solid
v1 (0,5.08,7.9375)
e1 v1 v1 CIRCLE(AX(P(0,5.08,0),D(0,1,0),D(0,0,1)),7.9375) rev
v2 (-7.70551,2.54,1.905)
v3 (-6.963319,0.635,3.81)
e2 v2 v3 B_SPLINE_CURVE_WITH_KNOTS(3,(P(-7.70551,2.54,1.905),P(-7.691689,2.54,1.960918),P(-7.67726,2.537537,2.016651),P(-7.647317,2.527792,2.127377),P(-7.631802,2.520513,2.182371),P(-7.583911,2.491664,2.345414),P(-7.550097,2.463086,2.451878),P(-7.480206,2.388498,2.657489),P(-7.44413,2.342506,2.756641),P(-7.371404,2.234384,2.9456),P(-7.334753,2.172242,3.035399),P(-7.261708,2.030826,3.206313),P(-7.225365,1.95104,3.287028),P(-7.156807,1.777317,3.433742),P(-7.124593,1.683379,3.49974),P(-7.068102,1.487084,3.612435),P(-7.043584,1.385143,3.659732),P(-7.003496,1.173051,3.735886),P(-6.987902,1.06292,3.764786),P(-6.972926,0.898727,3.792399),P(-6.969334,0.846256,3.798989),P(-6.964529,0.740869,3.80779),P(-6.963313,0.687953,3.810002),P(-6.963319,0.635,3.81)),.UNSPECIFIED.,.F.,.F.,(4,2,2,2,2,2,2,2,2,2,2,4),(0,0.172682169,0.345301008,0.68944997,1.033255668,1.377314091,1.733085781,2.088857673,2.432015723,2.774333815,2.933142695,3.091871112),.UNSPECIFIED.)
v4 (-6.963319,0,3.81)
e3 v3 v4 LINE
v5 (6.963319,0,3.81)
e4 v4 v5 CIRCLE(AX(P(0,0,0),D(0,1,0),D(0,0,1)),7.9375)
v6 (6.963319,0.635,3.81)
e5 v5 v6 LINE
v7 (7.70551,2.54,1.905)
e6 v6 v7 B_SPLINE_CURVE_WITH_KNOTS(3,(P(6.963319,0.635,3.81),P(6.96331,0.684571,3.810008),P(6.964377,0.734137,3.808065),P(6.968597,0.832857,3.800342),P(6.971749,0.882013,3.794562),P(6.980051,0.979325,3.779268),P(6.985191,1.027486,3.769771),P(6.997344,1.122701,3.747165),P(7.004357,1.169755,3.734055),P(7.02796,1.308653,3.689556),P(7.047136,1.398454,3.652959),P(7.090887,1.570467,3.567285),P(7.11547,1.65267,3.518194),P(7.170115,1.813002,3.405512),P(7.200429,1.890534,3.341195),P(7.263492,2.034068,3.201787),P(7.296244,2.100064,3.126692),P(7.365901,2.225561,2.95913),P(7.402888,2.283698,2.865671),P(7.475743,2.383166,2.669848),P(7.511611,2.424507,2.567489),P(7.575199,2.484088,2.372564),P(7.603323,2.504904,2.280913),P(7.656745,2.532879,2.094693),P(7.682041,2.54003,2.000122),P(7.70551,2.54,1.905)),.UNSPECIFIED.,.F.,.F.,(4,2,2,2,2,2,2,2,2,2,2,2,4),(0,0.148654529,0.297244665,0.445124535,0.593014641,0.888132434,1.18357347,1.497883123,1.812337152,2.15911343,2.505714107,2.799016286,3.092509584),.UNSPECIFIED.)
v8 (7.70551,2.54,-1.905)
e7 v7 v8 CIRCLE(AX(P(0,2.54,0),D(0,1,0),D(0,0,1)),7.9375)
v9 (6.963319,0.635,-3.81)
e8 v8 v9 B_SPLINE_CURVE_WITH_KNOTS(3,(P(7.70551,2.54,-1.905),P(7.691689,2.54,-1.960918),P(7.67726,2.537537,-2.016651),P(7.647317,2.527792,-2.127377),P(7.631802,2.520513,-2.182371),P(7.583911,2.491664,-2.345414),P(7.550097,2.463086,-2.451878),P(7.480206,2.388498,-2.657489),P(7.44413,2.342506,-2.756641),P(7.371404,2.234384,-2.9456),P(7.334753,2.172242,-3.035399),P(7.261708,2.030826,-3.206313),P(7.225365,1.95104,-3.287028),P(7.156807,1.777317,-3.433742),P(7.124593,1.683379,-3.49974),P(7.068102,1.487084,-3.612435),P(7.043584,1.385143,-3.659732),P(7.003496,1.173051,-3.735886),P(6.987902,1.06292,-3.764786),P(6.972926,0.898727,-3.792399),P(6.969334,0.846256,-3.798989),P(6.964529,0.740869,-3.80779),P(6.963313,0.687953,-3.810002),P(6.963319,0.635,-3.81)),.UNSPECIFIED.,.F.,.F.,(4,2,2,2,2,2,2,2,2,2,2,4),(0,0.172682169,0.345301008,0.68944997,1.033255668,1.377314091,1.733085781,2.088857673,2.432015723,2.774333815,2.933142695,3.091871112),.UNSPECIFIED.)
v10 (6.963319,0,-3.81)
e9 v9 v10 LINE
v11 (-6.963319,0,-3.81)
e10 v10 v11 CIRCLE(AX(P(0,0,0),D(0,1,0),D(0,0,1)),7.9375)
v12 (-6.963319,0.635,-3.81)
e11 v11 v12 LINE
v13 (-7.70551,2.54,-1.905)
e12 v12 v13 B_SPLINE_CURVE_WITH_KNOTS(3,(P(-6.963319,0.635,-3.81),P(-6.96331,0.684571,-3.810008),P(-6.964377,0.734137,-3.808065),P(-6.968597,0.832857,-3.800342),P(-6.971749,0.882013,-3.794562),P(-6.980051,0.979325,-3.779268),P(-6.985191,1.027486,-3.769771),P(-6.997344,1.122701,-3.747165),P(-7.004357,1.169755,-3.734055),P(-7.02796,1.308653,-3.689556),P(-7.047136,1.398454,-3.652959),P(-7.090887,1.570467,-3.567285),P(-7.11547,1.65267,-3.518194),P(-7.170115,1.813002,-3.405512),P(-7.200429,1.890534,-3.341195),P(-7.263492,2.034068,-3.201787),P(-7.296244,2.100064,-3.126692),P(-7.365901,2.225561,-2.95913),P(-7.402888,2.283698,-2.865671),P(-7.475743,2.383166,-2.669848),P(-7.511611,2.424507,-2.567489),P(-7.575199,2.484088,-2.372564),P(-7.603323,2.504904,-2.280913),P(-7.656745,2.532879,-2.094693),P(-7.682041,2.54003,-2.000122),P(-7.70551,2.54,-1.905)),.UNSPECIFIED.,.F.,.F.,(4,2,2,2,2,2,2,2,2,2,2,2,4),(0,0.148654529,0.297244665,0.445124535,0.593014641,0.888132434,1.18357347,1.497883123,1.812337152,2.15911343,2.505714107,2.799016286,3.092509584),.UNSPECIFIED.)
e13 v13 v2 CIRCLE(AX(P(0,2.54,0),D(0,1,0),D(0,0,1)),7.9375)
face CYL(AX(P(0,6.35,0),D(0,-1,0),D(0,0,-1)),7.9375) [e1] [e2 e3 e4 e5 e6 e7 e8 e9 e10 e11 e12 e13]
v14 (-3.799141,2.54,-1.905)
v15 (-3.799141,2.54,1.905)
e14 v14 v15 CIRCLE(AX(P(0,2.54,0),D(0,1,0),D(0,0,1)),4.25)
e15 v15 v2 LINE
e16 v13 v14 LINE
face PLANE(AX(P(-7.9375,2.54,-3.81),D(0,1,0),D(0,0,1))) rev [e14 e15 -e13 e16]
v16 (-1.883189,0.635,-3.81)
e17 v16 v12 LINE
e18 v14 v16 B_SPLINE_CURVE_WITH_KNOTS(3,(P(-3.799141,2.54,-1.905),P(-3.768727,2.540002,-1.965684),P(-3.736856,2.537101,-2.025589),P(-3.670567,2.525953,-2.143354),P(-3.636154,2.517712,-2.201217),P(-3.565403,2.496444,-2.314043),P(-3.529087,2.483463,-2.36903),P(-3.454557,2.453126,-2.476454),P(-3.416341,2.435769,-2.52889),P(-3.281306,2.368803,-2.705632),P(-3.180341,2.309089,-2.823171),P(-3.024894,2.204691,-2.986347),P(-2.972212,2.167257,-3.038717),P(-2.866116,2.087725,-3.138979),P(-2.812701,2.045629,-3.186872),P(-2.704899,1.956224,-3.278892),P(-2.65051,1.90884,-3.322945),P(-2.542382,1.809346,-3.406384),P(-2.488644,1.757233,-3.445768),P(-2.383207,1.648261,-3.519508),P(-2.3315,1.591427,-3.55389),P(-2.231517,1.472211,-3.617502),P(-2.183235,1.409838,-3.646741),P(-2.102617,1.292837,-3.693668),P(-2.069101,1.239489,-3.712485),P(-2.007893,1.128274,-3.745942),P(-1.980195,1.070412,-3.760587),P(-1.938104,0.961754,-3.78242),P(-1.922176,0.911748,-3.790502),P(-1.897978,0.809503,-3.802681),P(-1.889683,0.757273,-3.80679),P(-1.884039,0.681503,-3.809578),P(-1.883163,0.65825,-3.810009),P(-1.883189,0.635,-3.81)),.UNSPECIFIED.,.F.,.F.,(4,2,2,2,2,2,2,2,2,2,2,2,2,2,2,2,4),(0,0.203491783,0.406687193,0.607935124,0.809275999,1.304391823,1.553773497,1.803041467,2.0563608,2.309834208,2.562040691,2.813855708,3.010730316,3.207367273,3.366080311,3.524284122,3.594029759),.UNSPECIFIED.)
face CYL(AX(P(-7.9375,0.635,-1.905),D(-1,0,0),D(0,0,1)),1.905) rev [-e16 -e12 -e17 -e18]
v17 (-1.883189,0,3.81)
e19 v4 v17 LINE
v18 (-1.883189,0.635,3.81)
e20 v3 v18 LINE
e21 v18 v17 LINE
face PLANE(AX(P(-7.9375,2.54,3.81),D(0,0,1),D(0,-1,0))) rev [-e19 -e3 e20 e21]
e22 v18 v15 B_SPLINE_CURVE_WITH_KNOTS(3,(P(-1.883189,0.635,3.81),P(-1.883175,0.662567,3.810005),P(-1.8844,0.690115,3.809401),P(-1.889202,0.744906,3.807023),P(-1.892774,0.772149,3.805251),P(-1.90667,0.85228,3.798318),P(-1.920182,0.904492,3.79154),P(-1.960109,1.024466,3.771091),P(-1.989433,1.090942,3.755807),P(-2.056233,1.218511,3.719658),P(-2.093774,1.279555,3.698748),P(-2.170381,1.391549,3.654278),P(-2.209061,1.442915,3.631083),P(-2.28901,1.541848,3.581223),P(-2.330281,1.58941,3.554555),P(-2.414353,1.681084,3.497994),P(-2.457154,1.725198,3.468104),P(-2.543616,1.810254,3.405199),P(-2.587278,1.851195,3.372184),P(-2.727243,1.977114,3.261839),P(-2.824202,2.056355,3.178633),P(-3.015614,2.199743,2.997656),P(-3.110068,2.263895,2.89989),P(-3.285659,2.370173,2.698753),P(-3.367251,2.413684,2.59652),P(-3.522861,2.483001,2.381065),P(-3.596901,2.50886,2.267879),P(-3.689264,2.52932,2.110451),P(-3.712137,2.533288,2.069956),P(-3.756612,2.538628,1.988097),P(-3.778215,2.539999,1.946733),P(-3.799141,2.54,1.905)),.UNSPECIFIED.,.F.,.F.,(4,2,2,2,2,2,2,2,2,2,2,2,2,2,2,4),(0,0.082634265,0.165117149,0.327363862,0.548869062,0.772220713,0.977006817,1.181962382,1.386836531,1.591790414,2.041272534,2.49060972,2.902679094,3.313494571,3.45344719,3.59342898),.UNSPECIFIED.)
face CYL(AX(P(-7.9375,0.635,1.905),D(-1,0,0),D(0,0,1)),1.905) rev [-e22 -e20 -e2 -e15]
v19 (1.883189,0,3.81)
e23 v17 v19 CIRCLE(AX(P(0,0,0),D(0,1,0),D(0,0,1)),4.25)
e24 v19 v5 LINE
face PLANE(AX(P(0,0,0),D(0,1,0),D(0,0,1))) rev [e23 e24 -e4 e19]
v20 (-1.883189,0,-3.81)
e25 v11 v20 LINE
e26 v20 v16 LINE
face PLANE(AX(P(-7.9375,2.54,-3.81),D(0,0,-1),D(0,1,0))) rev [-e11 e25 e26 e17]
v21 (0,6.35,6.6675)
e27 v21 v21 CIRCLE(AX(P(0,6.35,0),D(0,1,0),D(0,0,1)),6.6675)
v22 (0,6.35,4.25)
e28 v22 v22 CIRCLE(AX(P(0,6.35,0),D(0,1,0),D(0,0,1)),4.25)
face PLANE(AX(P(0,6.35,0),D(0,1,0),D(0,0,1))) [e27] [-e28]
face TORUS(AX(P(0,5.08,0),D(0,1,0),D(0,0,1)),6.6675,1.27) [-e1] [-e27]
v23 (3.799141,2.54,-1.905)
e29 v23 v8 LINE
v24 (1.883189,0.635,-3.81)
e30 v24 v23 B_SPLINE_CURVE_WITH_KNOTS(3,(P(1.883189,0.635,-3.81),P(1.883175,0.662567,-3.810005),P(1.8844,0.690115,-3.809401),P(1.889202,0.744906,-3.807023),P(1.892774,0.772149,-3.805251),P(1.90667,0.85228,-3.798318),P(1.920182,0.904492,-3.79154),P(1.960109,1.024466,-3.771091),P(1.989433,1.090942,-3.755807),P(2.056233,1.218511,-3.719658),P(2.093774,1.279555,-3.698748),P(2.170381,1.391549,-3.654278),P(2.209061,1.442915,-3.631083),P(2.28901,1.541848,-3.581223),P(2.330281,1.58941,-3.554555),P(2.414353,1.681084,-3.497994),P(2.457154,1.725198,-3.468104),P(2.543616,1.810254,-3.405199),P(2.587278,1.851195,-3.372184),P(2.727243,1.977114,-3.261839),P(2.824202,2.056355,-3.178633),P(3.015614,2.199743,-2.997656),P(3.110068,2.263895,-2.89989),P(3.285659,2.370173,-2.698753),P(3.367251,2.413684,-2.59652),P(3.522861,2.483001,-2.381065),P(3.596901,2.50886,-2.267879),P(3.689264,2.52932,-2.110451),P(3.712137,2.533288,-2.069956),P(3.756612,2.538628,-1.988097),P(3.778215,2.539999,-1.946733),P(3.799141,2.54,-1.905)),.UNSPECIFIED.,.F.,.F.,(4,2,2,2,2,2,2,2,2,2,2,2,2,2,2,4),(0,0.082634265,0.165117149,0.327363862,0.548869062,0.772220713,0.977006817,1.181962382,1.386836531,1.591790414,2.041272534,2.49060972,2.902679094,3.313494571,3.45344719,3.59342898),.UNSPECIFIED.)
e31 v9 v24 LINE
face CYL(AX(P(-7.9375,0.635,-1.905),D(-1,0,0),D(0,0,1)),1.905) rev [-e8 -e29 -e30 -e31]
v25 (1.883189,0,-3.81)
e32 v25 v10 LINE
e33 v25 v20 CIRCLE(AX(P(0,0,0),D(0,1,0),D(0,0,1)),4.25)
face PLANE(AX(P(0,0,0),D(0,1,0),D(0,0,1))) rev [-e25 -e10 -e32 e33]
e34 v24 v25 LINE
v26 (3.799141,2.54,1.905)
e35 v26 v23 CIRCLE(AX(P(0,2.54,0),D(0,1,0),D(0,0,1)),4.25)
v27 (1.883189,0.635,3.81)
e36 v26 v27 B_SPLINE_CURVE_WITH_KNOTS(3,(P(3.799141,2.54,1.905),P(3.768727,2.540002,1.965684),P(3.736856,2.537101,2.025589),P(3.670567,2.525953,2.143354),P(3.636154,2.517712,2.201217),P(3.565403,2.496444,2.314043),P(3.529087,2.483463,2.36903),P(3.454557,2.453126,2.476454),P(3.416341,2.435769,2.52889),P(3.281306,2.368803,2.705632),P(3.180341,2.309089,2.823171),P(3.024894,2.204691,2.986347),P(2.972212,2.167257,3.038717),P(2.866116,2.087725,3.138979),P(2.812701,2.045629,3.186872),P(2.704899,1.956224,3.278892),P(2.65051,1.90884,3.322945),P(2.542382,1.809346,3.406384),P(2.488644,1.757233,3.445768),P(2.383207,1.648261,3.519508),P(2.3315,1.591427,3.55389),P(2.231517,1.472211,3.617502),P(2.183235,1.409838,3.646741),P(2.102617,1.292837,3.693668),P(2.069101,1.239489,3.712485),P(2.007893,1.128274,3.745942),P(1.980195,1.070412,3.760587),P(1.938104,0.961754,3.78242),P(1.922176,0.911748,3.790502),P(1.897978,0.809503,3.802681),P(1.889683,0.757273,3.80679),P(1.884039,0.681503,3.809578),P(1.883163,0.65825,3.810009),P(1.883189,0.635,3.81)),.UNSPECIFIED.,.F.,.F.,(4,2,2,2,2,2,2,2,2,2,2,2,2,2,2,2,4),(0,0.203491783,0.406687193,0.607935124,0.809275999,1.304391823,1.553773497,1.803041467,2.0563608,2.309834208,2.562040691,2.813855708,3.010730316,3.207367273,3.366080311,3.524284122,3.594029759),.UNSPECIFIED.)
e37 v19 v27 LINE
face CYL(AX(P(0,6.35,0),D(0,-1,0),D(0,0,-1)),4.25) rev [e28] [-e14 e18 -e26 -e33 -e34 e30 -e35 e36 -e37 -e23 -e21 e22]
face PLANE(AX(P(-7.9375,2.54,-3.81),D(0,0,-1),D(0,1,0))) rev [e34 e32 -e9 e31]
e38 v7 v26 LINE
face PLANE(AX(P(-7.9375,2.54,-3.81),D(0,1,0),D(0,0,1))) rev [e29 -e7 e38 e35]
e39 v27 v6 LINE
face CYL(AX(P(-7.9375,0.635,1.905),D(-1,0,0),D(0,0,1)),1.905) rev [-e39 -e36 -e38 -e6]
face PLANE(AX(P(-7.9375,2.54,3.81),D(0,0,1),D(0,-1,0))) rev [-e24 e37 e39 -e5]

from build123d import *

# Parameters (mm, degrees)
SKETCH1_R               = 7.9375
SKETCH1_R_2             = 4.25
BOSS_EXTRUDE1_DEPTH     = 6.35
CUT_EXTRUDE1_DEPTH      = 13.896910967
CUT_EXTRUDE1_DEPTH_BACK = 13.896910967
SKETCH2_W               = 7.62
SKETCH2_H               = 2.54
FILLET2_R               = 1.905
FILLET3_R               = 1.27


with BuildPart() as part:
    # Sketch1 → Boss-Extrude1 (new body)
    with BuildSketch(Plane(origin=(0, 0, 0), x_dir=(1, 0, 0), z_dir=(0, 1, 0))):
        with Locations(Location((0, 0, 0), (0, 0, 270))):
            Circle(SKETCH1_R)
        with Locations(Location((0, 0, 0), (0, 0, 270))):
            Circle(SKETCH1_R_2, mode=Mode.SUBTRACT)
    extrude(amount=BOSS_EXTRUDE1_DEPTH)

    # Sketch2 → Cut-Extrude1 (cut, two sides: drawn at the far end of the back side and taken through both)
    with BuildSketch(Plane(origin=(0, 0, 0), x_dir=(0, 0, -1), z_dir=(1, 0, 0)).offset(-CUT_EXTRUDE1_DEPTH_BACK)):
        with Locations((0, 1.27)):
            Rectangle(SKETCH2_W, SKETCH2_H)
    extrude(amount=CUT_EXTRUDE1_DEPTH + CUT_EXTRUDE1_DEPTH_BACK, mode=Mode.SUBTRACT)

    # Fillet2
    fillet2_edges = [part.edges().sort_by_distance(p)[0] for p in [
        (4.423253704, 2.54, 3.81),
        (-4.423253704, 2.54, 3.81),
        (4.423253704, 2.54, -3.81),
        (-4.423253704, 2.54, -3.81),
    ]]
    fillet(fillet2_edges, radius=FILLET2_R)

    # Fillet3
    fillet3_edges = [part.edges().sort_by_distance(p)[0] for p in [
        (0, 6.35, -7.9375),
    ]]
    fillet(fillet3_edges, radius=FILLET3_R)


solid = part.part
